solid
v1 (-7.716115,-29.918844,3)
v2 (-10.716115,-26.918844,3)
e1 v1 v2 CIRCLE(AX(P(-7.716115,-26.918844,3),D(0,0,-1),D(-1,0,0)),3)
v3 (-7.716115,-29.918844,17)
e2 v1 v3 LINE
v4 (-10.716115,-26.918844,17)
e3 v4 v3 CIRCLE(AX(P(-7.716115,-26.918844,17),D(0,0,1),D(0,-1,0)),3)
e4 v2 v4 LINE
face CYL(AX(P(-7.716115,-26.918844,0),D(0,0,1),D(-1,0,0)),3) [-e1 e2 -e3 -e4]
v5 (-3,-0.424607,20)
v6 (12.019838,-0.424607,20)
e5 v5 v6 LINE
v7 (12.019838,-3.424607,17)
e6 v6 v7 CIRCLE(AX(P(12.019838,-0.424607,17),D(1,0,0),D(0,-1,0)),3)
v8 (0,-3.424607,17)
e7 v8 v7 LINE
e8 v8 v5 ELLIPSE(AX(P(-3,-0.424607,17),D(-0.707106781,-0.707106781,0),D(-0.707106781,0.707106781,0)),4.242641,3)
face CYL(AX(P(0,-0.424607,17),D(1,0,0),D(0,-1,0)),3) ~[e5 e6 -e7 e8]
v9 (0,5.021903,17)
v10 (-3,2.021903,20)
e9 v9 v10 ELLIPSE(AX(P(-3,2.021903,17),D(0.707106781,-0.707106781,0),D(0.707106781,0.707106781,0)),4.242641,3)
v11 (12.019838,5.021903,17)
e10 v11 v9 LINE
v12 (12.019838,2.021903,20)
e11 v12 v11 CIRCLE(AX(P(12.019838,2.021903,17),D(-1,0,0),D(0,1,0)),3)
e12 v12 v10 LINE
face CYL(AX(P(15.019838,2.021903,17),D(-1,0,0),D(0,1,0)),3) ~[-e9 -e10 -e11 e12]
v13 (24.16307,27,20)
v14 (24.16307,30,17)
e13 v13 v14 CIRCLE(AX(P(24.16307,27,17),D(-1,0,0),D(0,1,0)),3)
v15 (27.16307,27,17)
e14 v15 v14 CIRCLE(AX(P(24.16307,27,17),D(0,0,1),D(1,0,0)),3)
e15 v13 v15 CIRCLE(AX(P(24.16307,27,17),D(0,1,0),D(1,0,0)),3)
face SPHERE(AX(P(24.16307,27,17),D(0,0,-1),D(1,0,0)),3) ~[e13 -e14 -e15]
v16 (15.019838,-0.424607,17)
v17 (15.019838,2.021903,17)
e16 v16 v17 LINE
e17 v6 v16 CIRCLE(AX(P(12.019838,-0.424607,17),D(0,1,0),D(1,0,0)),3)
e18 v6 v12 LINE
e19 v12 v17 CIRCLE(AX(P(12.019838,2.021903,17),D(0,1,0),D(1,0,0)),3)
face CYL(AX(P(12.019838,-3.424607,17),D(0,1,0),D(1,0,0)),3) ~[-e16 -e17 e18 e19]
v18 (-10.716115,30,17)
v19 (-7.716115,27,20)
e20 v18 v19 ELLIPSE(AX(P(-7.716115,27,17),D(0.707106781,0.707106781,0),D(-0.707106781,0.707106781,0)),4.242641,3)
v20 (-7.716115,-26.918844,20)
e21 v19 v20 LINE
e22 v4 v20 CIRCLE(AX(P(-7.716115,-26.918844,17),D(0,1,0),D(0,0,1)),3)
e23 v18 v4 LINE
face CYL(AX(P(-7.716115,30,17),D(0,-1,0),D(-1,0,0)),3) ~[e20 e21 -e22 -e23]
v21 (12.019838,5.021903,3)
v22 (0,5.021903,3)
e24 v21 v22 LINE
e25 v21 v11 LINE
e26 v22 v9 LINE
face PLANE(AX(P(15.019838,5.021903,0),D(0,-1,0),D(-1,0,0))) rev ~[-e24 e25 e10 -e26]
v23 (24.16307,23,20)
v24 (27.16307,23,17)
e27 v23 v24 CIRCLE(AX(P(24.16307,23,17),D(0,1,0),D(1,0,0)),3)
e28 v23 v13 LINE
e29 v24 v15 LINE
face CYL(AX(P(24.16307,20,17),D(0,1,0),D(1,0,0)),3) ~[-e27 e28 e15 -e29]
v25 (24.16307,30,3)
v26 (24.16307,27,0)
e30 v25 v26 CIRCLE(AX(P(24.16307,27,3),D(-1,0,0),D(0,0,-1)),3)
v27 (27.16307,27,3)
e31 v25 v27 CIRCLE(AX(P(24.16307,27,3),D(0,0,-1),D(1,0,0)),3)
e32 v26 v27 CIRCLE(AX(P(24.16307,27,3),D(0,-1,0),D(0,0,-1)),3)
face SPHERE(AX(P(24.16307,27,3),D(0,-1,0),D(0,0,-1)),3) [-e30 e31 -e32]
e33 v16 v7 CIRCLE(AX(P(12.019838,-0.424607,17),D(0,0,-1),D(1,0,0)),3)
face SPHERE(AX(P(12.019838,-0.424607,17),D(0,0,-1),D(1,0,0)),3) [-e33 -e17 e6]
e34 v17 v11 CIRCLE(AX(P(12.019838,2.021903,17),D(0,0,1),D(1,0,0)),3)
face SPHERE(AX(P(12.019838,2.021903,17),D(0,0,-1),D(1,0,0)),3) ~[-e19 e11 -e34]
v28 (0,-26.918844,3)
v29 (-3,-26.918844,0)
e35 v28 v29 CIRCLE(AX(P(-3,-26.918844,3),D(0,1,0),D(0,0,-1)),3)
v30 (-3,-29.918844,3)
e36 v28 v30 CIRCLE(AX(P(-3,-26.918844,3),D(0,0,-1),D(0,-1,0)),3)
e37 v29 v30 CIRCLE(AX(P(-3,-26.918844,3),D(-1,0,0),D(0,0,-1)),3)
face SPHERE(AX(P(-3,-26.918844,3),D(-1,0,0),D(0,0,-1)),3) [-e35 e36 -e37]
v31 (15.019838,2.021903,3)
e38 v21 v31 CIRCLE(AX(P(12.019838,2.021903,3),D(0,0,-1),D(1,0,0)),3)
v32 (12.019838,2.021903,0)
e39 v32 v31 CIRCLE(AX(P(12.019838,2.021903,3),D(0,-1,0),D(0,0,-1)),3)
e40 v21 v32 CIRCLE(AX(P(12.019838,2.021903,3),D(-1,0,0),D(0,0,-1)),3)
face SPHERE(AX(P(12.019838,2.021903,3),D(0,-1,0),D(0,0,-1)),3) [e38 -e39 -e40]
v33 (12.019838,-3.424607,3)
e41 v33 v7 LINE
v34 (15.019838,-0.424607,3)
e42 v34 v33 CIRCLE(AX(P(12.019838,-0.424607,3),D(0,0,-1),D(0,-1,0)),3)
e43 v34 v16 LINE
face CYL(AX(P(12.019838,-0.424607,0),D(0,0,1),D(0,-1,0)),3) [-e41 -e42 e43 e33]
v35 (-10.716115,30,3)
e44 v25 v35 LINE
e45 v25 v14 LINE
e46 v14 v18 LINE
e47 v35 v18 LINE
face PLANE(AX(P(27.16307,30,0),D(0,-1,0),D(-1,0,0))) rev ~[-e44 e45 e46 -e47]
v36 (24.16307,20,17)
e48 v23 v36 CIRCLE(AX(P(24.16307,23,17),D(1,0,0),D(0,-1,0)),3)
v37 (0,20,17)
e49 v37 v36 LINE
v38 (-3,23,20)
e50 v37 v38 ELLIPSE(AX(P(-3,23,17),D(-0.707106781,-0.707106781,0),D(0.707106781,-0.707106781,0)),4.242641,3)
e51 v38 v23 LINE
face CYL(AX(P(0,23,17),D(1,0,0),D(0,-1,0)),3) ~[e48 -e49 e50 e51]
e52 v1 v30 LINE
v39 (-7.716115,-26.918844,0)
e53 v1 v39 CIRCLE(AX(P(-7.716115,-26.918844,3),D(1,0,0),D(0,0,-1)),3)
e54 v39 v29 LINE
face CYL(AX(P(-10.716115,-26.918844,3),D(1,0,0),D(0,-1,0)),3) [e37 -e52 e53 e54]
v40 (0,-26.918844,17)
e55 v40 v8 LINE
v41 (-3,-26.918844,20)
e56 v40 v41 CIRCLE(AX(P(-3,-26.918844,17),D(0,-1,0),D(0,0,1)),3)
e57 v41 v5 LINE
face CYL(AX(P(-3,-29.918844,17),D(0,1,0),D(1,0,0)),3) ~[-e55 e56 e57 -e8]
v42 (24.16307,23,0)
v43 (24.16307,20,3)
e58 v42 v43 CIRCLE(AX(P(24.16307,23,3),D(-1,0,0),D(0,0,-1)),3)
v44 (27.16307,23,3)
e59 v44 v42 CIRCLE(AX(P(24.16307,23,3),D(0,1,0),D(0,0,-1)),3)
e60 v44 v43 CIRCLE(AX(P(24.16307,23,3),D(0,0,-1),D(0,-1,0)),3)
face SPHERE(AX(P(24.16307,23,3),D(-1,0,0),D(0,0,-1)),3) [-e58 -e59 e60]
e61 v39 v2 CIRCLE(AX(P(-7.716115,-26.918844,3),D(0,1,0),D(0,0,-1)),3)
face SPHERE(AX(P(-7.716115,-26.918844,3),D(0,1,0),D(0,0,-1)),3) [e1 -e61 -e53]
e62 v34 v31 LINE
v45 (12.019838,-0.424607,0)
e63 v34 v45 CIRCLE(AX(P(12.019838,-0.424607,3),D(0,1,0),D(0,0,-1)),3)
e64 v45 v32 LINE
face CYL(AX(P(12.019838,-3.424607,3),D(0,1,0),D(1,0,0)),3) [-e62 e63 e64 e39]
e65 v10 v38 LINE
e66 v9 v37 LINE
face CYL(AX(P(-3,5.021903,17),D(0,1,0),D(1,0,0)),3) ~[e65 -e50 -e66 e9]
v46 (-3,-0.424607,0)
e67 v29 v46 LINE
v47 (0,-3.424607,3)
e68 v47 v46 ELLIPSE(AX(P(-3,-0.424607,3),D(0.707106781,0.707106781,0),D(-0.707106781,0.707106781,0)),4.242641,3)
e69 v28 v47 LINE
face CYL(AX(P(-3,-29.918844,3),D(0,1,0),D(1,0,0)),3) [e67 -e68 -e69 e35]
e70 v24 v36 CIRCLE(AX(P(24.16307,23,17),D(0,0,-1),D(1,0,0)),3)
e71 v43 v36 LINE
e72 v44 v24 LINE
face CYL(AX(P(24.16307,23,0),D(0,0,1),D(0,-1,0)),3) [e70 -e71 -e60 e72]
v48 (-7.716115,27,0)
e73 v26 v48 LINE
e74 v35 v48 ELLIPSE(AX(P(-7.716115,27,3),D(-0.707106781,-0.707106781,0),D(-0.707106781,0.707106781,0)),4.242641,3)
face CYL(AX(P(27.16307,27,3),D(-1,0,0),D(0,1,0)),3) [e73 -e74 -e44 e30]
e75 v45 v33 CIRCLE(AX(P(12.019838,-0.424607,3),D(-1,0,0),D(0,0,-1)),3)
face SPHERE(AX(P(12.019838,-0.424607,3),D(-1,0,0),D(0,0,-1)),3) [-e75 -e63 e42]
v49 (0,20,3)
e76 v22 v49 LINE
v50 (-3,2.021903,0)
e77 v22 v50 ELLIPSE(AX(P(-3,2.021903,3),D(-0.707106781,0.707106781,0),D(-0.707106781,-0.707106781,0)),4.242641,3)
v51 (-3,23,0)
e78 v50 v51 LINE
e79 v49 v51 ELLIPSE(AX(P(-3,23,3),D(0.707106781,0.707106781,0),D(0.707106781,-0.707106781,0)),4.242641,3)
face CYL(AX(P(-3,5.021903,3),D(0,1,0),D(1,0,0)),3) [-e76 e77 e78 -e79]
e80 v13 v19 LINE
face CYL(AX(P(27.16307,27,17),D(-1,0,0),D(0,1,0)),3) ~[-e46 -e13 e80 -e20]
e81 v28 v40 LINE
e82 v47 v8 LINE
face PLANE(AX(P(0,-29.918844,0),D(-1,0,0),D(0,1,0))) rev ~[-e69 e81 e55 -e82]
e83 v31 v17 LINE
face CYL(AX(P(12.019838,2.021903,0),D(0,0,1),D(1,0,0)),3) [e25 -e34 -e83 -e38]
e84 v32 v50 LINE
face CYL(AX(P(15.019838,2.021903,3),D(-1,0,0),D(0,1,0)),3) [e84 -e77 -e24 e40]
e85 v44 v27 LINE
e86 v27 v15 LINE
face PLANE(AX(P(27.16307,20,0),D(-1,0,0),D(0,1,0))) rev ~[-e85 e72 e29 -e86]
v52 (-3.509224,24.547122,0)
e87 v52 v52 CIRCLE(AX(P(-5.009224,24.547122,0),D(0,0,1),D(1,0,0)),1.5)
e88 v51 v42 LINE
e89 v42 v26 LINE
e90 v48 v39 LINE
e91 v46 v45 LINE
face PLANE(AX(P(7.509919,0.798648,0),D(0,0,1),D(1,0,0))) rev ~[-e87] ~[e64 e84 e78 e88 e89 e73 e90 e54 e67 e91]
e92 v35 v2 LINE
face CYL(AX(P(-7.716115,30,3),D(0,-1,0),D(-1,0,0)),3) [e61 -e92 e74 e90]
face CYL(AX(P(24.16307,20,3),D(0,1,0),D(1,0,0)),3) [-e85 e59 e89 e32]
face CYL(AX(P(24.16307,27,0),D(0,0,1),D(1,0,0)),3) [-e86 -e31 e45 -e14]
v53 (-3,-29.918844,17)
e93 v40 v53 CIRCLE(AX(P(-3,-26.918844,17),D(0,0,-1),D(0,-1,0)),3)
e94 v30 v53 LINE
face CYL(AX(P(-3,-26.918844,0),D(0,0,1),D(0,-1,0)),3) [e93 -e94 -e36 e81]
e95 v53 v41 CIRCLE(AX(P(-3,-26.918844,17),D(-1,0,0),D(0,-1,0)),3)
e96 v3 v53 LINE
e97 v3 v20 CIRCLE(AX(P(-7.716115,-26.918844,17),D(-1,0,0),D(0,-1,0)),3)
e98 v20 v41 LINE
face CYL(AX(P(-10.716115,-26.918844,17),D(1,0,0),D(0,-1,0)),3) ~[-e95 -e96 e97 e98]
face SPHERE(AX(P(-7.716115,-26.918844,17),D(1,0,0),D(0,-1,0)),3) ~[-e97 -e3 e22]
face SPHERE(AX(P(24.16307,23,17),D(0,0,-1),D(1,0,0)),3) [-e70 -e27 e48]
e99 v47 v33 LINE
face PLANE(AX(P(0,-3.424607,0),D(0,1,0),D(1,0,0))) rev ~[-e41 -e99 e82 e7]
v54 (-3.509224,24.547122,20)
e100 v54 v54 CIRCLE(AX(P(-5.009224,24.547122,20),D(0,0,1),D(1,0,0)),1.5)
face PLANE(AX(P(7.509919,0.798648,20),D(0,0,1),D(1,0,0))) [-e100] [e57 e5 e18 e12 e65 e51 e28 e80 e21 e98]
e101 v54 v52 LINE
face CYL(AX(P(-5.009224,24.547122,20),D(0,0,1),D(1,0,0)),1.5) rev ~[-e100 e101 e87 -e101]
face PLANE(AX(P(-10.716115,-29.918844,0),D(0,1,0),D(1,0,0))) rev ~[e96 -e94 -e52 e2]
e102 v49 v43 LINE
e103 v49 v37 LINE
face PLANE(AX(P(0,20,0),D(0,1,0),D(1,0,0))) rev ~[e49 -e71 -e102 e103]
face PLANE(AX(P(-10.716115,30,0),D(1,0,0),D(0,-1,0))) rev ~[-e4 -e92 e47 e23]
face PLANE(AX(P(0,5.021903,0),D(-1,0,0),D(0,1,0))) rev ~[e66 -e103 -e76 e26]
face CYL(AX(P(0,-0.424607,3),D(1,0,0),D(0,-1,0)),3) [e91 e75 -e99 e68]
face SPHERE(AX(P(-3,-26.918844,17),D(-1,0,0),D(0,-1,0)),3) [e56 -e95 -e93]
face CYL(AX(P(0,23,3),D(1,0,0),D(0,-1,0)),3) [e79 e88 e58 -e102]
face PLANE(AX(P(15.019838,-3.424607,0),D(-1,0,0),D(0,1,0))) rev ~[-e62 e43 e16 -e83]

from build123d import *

# Parameters (mm, degrees)
F1_DEPTH = 20
F2_R     = 3
F3_R     = 1.5
F4_DEPTH = 25


with BuildPart() as f1:
    # F0 (on Top) → F1 (new body)
    with BuildSketch(Plane.XY):
        Polygon((0, 5.021903), (0, 0), (0, -3.424607), (15.019838, -3.424607), (15.019838, 5.021903), align=None)
        Polygon((0, -3.424607), (0, 0), (0, 5.021903), (0, 13.150787), (0, 20), (14.283885, 20), (27.16307, 20), (27.16307, 30), (14.283885, 30), (-10.716115, 30), (-10.716115, 29), (-10.716115, -21), (-10.716115, -29.918844), (0, -29.918844), (0, -21), (0, -20), (0, -8.509332), align=None)
    extrude(amount=F1_DEPTH)

    # F2
    f2_edges = [f1.edges().sort_by_distance(p)[0] for p in [
        (13.581535, 20, 0),
        (27.16307, 25, 0),
        (8.223477, 30, 0),
        (-10.716115, 0.040578, 0),
        (-5.358057, -29.918844, 0),
        (0, -16.671725, 0),
        (7.509919, -3.424607, 0),
        (15.019838, 0.798648, 0),
        (7.509919, 5.021903, 0),
        (0, 12.510952, 0),
        (27.16307, 20, 10),
        (27.16307, 30, 10),
        (27.16307, 25, 20),
        (15.019838, -3.424607, 10),
        (15.019838, 5.021903, 10),
        (15.019838, 0.798648, 20),
        (-5.358057, -29.918844, 20),
        (-10.716115, -29.918844, 10),
        (0, -29.918844, 10),
        (13.581535, 20, 20),
        (0, 12.510952, 20),
        (8.223477, 30, 20),
        (-10.716115, 0.040578, 20),
        (0, -16.671725, 20),
        (7.509919, -3.424607, 20),
        (7.509919, 5.021903, 20),
    ]]
    fillet(f2_edges, radius=F2_R)

    # F3 (on face) → F4 (cut)
    with BuildSketch(Plane.XY.offset(20)):
        with Locations((-5.009224, 24.547122)):
            Circle(F3_R)
    extrude(amount=-F4_DEPTH, mode=Mode.SUBTRACT)


solid = f1.part
